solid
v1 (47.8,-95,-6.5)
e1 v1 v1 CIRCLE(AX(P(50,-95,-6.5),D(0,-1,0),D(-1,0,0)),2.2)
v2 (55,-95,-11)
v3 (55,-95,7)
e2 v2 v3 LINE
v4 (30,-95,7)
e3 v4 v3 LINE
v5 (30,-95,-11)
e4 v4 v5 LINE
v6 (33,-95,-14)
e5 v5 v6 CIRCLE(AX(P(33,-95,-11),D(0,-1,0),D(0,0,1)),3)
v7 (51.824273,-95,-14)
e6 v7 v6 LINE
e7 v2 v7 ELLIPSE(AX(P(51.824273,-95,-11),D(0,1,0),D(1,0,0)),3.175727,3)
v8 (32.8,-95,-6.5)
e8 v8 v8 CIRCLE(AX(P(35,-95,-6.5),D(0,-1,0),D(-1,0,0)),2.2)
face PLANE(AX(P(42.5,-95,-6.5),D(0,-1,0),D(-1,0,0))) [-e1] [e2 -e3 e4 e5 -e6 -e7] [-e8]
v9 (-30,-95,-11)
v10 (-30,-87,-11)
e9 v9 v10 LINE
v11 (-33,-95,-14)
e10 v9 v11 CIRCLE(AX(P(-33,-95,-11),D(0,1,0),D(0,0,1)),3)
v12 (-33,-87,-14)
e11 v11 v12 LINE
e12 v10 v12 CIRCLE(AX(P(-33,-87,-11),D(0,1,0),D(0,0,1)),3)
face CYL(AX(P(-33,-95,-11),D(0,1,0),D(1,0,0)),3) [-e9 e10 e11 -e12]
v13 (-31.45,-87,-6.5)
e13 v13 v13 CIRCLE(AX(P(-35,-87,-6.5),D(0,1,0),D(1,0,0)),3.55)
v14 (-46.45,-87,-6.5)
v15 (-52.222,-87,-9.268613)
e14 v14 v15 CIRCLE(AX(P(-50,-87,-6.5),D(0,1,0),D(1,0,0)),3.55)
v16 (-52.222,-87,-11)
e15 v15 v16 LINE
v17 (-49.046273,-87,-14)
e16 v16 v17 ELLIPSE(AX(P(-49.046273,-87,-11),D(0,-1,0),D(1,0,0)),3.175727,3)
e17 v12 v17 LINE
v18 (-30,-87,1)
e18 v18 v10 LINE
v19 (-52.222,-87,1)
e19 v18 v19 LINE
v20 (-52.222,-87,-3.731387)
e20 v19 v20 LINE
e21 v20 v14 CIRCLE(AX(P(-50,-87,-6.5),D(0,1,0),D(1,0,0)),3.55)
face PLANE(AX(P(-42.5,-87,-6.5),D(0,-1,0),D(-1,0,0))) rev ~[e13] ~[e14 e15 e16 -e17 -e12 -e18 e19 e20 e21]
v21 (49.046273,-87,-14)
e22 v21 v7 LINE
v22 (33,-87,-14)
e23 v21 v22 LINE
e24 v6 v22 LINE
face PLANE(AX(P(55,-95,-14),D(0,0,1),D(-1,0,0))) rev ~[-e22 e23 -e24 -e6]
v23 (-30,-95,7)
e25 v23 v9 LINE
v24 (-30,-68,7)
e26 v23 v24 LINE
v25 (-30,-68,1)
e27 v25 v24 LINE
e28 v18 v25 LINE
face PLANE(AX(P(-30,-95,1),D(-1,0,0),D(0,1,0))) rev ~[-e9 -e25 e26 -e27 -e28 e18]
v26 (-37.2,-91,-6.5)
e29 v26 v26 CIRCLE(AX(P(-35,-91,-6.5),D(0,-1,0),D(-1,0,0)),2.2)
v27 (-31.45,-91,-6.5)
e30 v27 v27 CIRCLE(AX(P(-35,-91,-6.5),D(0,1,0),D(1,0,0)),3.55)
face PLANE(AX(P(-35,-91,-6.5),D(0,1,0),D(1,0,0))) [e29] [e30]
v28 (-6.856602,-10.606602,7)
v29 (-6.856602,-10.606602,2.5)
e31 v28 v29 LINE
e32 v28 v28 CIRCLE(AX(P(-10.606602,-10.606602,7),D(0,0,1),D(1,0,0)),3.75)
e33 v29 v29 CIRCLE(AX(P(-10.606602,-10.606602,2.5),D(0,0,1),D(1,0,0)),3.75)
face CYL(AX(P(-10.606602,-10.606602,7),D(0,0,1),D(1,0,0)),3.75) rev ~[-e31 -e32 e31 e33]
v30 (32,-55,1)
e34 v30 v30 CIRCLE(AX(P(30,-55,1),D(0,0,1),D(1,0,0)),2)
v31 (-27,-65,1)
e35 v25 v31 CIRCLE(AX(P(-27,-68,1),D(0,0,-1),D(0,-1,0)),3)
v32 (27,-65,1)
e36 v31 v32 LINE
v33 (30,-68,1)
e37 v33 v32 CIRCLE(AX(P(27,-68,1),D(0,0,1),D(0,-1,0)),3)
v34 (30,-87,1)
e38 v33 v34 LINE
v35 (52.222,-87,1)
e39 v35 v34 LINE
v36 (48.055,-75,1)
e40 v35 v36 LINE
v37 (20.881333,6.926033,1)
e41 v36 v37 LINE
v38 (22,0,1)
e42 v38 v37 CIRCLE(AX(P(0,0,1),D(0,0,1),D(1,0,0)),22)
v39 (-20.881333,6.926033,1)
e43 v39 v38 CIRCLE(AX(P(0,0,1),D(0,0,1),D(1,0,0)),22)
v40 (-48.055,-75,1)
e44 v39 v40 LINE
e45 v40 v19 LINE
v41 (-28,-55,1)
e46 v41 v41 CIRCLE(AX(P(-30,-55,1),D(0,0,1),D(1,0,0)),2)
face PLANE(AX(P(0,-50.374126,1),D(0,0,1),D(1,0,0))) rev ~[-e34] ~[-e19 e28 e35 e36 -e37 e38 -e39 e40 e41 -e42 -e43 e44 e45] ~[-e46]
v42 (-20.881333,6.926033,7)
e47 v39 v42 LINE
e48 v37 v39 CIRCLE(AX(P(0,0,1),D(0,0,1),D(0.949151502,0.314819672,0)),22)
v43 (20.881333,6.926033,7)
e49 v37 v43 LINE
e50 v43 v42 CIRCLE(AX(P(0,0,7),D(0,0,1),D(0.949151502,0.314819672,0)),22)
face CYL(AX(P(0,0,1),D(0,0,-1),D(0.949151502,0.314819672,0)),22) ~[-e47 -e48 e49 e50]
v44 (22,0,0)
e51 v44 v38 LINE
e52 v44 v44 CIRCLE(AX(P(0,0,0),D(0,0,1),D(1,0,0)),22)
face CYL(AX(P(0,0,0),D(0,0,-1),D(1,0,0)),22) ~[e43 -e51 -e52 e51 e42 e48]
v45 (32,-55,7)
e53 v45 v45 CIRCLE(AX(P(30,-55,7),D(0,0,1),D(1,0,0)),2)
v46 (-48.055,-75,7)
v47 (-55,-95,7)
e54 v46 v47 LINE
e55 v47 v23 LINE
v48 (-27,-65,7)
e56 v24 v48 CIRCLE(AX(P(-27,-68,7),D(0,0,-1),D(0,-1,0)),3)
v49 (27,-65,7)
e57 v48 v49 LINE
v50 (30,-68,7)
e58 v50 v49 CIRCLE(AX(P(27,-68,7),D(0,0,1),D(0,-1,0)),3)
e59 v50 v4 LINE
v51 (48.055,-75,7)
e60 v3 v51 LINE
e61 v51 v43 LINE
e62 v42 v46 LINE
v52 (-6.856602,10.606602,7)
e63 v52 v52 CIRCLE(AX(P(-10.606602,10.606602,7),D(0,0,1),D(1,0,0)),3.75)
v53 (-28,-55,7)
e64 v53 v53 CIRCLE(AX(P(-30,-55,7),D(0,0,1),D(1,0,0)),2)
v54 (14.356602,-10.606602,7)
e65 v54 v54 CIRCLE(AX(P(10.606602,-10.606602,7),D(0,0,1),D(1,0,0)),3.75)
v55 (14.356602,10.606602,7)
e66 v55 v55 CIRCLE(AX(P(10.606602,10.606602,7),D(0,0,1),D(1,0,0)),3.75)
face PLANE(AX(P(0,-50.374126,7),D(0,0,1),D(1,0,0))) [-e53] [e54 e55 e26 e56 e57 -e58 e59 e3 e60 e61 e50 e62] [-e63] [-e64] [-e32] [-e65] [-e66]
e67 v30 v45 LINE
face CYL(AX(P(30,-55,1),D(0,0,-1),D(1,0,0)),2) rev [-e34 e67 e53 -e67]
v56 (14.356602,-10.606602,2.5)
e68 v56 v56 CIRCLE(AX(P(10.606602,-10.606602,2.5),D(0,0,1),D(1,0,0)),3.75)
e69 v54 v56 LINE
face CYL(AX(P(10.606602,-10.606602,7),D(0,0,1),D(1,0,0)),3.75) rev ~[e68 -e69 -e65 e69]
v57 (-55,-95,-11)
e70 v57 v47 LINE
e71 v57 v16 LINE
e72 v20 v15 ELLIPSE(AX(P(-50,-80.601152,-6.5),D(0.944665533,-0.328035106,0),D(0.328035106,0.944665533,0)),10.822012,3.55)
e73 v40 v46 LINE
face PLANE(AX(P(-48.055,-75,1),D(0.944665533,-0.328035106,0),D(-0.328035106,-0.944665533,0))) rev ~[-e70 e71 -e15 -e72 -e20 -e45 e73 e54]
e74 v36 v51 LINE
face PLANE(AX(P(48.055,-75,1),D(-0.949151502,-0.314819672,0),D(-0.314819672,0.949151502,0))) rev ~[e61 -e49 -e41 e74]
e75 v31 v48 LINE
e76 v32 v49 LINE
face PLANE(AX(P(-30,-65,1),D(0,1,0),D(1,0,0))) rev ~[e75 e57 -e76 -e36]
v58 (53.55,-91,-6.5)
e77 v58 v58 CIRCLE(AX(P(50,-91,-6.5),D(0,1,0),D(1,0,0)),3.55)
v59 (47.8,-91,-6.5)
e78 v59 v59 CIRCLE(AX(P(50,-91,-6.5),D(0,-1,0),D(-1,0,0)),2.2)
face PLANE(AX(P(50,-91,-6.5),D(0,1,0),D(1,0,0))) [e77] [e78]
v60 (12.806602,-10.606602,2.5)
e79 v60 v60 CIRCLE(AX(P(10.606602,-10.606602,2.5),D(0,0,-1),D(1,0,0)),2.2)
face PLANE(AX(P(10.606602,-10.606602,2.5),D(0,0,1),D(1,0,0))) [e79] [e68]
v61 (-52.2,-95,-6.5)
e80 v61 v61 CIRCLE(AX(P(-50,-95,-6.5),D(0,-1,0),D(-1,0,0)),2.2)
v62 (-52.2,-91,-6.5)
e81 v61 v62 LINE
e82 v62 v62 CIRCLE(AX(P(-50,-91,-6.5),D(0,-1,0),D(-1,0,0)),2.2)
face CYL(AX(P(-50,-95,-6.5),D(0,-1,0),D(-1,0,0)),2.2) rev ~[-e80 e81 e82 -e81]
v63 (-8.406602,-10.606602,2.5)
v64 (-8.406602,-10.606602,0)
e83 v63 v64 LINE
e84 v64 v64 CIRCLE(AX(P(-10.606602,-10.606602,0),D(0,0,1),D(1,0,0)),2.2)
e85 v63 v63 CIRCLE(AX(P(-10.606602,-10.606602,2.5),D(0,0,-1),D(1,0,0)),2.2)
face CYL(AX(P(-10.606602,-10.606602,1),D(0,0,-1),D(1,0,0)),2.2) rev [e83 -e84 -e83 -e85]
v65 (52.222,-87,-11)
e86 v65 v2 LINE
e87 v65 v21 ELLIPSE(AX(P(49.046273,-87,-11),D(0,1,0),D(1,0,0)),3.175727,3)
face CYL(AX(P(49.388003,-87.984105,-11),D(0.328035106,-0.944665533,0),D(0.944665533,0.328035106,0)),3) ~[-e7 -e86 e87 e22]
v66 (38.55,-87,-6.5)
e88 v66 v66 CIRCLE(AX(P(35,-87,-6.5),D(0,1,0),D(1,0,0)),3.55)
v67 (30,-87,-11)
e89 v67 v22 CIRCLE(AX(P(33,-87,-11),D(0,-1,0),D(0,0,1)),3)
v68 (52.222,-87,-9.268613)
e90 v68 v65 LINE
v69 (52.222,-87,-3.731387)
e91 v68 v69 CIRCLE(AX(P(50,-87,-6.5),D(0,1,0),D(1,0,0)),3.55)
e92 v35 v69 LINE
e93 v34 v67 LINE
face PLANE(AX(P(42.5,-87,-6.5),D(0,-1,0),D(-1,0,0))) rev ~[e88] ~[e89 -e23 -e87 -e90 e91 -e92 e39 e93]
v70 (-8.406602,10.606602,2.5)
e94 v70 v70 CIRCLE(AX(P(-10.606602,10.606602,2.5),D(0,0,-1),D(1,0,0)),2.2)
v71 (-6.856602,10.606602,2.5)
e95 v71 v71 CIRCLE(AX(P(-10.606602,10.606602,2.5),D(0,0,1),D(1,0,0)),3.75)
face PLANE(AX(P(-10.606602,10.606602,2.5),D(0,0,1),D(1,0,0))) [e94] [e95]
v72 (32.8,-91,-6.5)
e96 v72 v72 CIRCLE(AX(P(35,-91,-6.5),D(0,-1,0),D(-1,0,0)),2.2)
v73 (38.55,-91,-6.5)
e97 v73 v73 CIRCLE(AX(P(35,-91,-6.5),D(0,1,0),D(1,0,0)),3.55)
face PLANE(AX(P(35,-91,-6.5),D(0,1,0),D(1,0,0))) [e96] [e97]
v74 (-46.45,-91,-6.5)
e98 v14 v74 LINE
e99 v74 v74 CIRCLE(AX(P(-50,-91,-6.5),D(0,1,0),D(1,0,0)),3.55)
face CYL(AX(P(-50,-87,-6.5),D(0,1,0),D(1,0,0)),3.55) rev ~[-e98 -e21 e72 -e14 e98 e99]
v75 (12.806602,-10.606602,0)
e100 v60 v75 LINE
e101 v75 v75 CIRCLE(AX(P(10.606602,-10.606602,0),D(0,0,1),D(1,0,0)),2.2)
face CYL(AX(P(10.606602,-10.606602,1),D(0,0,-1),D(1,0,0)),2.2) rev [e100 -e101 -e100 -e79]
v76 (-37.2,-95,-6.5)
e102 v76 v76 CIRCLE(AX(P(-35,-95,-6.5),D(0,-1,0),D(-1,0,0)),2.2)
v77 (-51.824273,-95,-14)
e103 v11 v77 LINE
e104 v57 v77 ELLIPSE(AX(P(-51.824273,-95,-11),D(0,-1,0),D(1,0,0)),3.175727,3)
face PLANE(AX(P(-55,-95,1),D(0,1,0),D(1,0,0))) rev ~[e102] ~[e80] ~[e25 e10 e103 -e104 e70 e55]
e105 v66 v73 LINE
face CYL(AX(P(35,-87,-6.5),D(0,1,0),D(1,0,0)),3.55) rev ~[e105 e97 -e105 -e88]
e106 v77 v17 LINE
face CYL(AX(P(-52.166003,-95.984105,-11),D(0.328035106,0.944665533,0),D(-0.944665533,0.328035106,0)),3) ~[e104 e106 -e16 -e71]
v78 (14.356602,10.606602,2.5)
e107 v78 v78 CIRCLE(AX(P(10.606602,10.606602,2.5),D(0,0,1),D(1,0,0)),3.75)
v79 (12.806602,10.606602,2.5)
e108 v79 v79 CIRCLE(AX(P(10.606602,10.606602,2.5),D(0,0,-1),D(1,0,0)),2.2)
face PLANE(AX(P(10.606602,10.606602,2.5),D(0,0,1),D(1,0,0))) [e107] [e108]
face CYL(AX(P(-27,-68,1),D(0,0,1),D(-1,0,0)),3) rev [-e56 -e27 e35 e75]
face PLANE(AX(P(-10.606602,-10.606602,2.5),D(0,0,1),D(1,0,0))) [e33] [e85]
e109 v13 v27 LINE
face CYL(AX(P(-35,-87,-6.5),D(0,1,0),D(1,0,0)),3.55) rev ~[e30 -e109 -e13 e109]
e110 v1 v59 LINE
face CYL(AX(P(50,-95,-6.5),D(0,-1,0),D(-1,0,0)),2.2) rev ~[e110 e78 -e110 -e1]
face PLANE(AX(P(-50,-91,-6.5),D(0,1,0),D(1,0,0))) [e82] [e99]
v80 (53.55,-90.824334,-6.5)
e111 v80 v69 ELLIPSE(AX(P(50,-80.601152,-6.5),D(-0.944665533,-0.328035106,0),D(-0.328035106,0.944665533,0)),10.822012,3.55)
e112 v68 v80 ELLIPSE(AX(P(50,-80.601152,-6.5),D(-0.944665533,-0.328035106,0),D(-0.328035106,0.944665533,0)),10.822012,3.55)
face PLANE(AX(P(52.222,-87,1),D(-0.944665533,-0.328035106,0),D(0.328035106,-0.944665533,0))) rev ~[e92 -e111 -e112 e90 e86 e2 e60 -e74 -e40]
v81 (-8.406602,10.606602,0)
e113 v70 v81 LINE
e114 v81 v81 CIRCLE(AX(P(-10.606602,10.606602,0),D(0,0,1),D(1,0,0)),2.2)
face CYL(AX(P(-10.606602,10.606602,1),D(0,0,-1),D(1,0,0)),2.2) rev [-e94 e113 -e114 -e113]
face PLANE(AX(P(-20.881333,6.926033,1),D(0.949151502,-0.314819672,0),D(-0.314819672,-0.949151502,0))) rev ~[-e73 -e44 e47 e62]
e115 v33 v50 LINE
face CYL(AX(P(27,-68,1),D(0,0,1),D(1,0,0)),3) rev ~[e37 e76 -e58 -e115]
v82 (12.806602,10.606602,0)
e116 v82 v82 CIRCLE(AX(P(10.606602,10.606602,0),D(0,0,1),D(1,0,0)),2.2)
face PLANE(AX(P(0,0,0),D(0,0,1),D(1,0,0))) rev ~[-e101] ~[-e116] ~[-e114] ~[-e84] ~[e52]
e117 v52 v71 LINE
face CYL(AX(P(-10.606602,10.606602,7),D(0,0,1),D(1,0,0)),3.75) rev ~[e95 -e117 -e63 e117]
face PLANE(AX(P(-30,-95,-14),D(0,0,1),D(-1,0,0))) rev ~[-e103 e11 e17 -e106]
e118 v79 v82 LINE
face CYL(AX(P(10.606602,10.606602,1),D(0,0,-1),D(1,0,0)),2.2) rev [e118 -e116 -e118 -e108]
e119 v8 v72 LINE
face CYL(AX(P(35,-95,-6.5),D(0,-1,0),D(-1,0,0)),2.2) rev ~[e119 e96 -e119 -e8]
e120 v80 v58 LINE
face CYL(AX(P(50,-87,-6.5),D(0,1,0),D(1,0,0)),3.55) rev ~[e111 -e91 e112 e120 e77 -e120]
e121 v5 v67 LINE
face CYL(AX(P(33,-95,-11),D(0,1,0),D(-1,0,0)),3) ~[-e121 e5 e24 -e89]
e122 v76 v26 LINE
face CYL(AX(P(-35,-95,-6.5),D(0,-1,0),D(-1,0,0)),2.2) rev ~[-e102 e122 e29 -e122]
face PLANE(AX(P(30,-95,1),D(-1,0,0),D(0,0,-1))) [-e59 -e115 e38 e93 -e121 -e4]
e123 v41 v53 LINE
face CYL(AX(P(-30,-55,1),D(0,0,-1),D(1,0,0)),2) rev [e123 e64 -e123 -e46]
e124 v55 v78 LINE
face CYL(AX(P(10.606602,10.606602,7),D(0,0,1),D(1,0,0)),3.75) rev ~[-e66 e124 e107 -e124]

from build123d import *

# Parameters (mm, degrees)
SKETCH1_R           = 22
SKETCH1_R_2         = 2.2
BOSS_EXTRUDE1_DEPTH = 1
SKETCH2_R           = 2
SKETCH2_R_2         = 2.2
BOSS_EXTRUDE2_DEPTH = 6
SKETCH3_W           = 25
SKETCH3_H           = 15
SKETCH3_R           = 2.2
BOSS_EXTRUDE3_DEPTH = 8
CUT_EXTRUDE1_DEPTH  = 16
SKETCH5_R           = 3.55
CUT_EXTRUDE2_DEPTH  = 4
FILLET1_R           = 3
SKETCH6_R           = 3.75
CUT_EXTRUDE3_DEPTH  = 4.5


with BuildPart() as part:
    # Sketch1 → Boss-Extrude1 (new body)
    with BuildSketch(Plane.XY):
        Circle(SKETCH1_R)
        with Locations((10.606601718, 10.606601718)):
            Circle(SKETCH1_R_2, mode=Mode.SUBTRACT)
        with Locations((10.606601718, -10.606601718)):
            Circle(SKETCH1_R_2, mode=Mode.SUBTRACT)
        with Locations((-10.606601718, -10.606601718)):
            Circle(SKETCH1_R_2, mode=Mode.SUBTRACT)
        with Locations((-10.606601718, 10.606601718)):
            Circle(SKETCH1_R_2, mode=Mode.SUBTRACT)
    extrude(amount=BOSS_EXTRUDE1_DEPTH)

    # Sketch2 → Boss-Extrude2 (add)
    with BuildSketch(Plane.XY.offset(1)):
        with BuildLine():
            Line((-48.055, -75), (-55, -95))
            Line((-55, -95), (-30, -95))
            Line((-30, -95), (-30, -65))
            Line((-30, -65), (30, -65))
            Line((30, -65), (30, -95))
            Line((30, -95), (55, -95))
            Line((55, -95), (48.055, -75))
            Line((48.055, -75), (20.881333045, 6.926032793))
            ThreePointArc((20.881333045, 6.926032793), (0, 22), (-20.881333045, 6.926032793))
            Line((-20.881333045, 6.926032793), (-48.055, -75))
        make_face()
        with Locations((-30, -55)):
            Circle(SKETCH2_R, mode=Mode.SUBTRACT)
        with Locations((30, -55)):
            Circle(SKETCH2_R, mode=Mode.SUBTRACT)
        with Locations((-10.606601718, -10.606601718)):
            Circle(SKETCH2_R_2, mode=Mode.SUBTRACT)
        with Locations((-10.606601718, 10.606601718)):
            Circle(SKETCH2_R_2, mode=Mode.SUBTRACT)
        with Locations((10.606601718, -10.606601718)):
            Circle(SKETCH2_R_2, mode=Mode.SUBTRACT)
        with Locations((10.606601718, 10.606601718)):
            Circle(SKETCH2_R_2, mode=Mode.SUBTRACT)
    extrude(amount=BOSS_EXTRUDE2_DEPTH)

    # Sketch3 → Boss-Extrude3 (add)
    with BuildSketch(Plane(origin=(0, -95, 0), x_dir=(-1, 0, 0), z_dir=(0, -1, 0))):
        with Locations((-42.5, 6.5)):
            Rectangle(SKETCH3_W, SKETCH3_H)
        with Locations((-35, 6.5)):
            Circle(SKETCH3_R, mode=Mode.SUBTRACT)
        with Locations((-50, 6.5)):
            Circle(SKETCH3_R, mode=Mode.SUBTRACT)
        with Locations((42.5, 6.5)):
            Rectangle(SKETCH3_W, SKETCH3_H)
        with Locations((50, 6.5)):
            Circle(SKETCH3_R, mode=Mode.SUBTRACT)
        with Locations((35, 6.5)):
            Circle(SKETCH3_R, mode=Mode.SUBTRACT)
    extrude(amount=-BOSS_EXTRUDE3_DEPTH)

    # Sketch4 → Cut-Extrude1 (cut, through all)
    with BuildSketch(Plane.XY.offset(1)):
        Polygon((-55, -95), (-52.222, -87), (-55, -87), align=None)
        Polygon((55, -95), (55, -87), (52.222, -87), align=None)
    extrude(amount=-CUT_EXTRUDE1_DEPTH, mode=Mode.SUBTRACT)

    # Sketch5 → Cut-Extrude2 (cut)
    with BuildSketch(Plane(origin=(0, -87, 0), x_dir=(1, 0, 0), z_dir=(0, 1, 0))):
        with Locations((-50, 6.5)):
            Circle(SKETCH5_R)
        with Locations((-35, 6.5)):
            Circle(SKETCH5_R)
        with Locations((35, 6.5)):
            Circle(SKETCH5_R)
        with Locations((50, 6.5)):
            Circle(SKETCH5_R)
    extrude(amount=-CUT_EXTRUDE2_DEPTH, mode=Mode.SUBTRACT)

    # Fillet1
    fillet1_edges = [part.edges().sort_by_distance(p)[0] for p in [
        (-53.611, -91, -14),
        (53.611, -91, -14),
        (30, -65, 4),
        (-30, -65, 4),
        (30, -91, -14),
        (-30, -91, -14),
    ]]
    fillet(fillet1_edges, radius=FILLET1_R)

    # Sketch6 → Cut-Extrude3 (cut)
    with BuildSketch(Plane.XY.offset(7)):
        with Locations((-10.606601718, 10.606601718)):
            Circle(SKETCH6_R)
        with Locations((10.606601718, 10.606601718)):
            Circle(SKETCH6_R)
        with Locations((10.606601718, -10.606601718)):
            Circle(SKETCH6_R)
        with Locations((-10.606601718, -10.606601718)):
            Circle(SKETCH6_R)
    extrude(amount=-CUT_EXTRUDE3_DEPTH, mode=Mode.SUBTRACT)


solid = part.part
